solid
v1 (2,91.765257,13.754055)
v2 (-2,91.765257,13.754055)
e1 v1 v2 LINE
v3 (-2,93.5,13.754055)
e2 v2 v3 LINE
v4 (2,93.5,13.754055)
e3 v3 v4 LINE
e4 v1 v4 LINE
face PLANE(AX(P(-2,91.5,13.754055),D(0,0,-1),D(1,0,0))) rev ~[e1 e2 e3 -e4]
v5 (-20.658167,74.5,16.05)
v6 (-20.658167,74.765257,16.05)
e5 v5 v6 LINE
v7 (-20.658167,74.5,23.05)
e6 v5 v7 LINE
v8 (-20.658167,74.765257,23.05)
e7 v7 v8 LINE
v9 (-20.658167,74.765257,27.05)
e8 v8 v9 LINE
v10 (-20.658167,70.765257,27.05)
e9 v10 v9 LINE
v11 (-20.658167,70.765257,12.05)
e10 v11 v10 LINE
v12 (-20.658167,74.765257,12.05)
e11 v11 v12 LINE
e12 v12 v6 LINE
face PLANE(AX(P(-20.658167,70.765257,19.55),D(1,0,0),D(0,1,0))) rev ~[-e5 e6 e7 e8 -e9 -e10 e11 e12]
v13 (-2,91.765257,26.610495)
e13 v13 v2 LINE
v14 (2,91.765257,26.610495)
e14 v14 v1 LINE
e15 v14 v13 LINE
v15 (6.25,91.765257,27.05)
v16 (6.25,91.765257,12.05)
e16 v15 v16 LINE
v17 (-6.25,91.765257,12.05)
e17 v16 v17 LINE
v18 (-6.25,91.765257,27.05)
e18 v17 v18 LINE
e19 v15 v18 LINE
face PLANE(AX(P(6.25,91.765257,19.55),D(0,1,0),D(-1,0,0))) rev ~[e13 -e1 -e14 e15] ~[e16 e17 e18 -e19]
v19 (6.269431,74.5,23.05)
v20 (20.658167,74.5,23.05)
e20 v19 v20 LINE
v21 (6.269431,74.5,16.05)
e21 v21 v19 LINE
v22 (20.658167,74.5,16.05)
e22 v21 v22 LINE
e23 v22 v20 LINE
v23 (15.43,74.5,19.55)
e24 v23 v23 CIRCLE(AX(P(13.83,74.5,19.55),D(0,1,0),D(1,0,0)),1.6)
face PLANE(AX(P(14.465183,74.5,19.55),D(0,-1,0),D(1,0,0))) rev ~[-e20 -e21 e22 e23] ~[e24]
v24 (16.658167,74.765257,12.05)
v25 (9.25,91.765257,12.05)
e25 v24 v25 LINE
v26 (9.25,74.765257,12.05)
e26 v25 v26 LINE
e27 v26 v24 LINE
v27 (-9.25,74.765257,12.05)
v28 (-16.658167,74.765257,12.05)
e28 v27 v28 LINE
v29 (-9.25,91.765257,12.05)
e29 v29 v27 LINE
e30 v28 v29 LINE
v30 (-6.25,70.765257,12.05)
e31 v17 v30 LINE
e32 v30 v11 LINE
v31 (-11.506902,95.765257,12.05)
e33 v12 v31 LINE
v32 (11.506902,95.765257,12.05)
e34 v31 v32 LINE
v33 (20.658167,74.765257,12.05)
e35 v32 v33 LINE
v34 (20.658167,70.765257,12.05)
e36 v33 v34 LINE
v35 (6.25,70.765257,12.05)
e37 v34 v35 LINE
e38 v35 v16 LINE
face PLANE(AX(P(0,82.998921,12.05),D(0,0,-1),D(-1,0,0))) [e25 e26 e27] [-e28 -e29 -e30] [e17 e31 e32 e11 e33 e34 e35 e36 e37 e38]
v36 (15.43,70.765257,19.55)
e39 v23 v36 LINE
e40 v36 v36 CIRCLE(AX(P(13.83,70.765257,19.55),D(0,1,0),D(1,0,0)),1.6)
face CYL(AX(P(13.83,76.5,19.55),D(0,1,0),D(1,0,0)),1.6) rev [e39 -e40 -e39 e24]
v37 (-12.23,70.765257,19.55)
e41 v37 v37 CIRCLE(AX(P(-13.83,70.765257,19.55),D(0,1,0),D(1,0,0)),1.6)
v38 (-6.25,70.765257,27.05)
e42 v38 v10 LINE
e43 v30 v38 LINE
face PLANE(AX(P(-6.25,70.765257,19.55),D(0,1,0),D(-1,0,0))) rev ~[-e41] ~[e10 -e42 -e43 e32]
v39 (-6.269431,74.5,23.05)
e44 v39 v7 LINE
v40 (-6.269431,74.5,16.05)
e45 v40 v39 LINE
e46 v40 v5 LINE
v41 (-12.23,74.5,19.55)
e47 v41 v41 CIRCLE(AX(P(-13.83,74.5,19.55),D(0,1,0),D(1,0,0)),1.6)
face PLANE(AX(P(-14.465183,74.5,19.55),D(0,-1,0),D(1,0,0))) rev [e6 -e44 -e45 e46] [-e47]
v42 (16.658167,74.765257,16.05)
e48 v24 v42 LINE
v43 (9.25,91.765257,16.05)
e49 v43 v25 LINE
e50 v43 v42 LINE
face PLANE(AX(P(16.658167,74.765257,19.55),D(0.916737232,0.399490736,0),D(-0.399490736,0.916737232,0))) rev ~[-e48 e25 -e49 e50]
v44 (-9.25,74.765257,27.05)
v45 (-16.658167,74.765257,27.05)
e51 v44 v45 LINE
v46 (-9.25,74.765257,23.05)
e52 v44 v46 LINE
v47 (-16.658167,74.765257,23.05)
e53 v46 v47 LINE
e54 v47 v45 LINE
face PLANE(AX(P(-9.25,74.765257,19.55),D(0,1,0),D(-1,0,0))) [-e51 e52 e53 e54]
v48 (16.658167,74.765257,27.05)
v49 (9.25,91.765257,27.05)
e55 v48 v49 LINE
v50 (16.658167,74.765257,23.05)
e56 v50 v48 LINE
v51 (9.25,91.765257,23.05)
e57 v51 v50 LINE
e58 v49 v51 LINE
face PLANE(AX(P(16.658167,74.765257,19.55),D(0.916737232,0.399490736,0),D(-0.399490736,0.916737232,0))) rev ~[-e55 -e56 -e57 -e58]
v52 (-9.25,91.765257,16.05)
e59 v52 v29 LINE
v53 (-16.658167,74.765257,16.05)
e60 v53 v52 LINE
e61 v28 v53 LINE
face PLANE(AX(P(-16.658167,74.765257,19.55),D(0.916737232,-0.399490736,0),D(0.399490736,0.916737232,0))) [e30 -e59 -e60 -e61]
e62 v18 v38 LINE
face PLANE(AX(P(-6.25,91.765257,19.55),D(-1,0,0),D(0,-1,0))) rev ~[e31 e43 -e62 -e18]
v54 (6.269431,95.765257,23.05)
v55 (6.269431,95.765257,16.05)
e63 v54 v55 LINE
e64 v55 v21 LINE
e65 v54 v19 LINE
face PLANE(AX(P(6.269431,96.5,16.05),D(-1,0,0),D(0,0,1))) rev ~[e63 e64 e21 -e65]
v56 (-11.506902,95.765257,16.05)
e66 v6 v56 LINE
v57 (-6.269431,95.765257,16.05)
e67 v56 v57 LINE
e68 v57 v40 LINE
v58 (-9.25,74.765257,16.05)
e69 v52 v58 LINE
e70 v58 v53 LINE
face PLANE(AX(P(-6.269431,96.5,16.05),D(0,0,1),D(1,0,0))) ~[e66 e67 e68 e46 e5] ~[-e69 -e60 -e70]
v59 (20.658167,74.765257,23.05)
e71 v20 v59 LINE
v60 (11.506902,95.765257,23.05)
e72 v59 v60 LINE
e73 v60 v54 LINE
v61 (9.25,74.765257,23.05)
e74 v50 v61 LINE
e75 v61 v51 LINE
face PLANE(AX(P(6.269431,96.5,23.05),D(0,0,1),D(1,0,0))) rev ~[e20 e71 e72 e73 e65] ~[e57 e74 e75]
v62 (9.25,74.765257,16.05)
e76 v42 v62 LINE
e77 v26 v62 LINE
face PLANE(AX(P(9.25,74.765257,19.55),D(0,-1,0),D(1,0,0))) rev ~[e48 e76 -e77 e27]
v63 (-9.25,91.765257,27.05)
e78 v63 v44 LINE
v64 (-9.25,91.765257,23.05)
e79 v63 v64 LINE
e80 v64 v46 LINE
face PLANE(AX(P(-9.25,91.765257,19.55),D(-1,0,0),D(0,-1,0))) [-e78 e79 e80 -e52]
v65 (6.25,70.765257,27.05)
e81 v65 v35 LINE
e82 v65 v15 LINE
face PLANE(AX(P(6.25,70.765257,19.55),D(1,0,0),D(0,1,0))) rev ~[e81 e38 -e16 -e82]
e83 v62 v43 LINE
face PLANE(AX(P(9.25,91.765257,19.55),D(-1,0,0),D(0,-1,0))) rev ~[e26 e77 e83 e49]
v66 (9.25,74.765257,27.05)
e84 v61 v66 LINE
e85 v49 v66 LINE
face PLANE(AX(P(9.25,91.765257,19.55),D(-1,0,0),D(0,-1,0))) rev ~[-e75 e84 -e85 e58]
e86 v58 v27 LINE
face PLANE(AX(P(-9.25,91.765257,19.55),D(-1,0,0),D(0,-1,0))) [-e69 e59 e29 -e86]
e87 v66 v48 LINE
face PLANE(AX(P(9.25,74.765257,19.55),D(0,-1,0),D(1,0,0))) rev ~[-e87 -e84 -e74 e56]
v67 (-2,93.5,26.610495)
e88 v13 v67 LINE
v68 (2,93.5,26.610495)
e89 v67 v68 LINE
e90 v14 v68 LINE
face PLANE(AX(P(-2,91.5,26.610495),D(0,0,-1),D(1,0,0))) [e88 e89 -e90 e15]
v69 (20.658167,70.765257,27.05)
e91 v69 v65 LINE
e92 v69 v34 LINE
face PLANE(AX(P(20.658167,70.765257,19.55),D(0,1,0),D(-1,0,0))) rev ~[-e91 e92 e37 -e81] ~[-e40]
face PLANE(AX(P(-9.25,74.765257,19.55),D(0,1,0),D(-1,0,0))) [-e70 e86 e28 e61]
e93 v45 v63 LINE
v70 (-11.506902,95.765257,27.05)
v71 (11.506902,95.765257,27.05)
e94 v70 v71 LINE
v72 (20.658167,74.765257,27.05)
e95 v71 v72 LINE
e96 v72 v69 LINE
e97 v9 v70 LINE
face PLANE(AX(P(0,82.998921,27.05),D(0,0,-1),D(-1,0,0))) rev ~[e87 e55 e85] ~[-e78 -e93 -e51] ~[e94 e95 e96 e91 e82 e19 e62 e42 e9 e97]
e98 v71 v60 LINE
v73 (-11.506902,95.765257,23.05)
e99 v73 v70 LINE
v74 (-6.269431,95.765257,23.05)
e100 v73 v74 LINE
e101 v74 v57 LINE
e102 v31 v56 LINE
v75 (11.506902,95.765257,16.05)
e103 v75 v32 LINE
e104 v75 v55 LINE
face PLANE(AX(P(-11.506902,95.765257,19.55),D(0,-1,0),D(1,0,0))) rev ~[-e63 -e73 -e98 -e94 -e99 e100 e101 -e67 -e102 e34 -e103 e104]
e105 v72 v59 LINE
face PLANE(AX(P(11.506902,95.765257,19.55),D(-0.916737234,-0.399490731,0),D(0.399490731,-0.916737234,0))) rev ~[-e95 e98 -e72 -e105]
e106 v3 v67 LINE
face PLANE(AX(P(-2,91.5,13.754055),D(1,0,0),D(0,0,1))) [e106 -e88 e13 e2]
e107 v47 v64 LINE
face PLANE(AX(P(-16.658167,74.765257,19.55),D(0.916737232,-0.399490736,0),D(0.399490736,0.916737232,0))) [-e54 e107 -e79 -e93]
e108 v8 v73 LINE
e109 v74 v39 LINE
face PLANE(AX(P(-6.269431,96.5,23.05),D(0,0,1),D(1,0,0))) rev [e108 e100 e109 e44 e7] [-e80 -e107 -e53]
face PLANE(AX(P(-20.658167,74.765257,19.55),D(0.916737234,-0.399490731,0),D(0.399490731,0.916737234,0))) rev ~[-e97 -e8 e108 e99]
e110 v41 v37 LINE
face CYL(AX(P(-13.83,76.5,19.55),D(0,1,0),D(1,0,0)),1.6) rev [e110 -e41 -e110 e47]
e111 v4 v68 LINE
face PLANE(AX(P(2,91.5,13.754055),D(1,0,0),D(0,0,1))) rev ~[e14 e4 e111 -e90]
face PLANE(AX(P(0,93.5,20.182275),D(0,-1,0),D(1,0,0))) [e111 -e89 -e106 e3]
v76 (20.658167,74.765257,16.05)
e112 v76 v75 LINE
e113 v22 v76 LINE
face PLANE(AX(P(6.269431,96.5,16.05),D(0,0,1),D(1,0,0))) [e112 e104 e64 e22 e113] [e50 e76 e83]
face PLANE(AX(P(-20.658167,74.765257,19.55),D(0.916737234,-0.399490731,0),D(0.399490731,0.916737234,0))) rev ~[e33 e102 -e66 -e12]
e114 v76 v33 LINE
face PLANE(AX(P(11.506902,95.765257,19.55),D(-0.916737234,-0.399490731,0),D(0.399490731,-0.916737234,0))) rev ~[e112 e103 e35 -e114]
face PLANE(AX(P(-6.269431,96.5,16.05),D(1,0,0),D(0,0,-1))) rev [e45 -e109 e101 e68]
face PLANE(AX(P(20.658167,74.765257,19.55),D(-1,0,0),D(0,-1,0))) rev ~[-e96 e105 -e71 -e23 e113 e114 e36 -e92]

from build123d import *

# Parameters (mm, degrees)
PAD024_DEPTH       = 7.5
SKETCH062_W        = 16.391504
SKETCH062_H        = 7
POCKET003023_DEPTH = 22
SKETCH060_R        = 1.6
POCKET003024_DEPTH = 5.735743
SKETCH063_W        = 4
SKETCH063_H        = 12.856441
POCKET003025_DEPTH = 2


with BuildPart() as part:
    # Sketch061 → Pad024 (new body, symmetric)
    with BuildSketch(Plane.XY.offset(19.55)):
        Polygon((-11.506902, 93.265257), (11.506902, 93.265257), (20.658167, 72.265257), (20.658167, 68.265257), (6.25, 68.265257), (6.25, 89.265257), (-6.25, 89.265257), (-6.25, 68.265257), (-20.658167, 68.265257), (-20.658167, 72.265257), align=None)
        Polygon((-9.25, 72.265257), (-16.658167, 72.265257), (-9.25, 89.265257), align=None, mode=Mode.SUBTRACT)
        Polygon((9.25, 89.265257), (9.25, 72.265257), (16.658167, 72.265257), align=None, mode=Mode.SUBTRACT)
    extrude(amount=PAD024_DEPTH, both=True)

    # Sketch062 → Pocket003023 (cut)
    with BuildSketch(Plane.XZ.offset(-94)):
        with Locations((14.465183, 19.55)):
            Rectangle(SKETCH062_W, SKETCH062_H)
    pocket003023 = extrude(amount=POCKET003023_DEPTH, mode=Mode.SUBTRACT)

    # Mirrored003: Pocket003023 across Sketch062 V_Axis
    add(pocket003023.mirror(Plane(origin=(0, 94, 0), x_dir=(0, -1, 0), z_dir=(1, 0, 0))), mode=Mode.SUBTRACT)

    # Sketch060 → Pocket003024 (cut, through all)
    with BuildSketch(Plane.XZ.offset(-74)):
        with Locations((-13.83, 19.55)):
            Circle(SKETCH060_R)
        with Locations((13.83, 19.55)):
            Circle(SKETCH060_R)
    extrude(amount=POCKET003024_DEPTH, mode=Mode.SUBTRACT)

    # Sketch063 → Pocket003025 (cut)
    with BuildSketch(Plane.XZ.offset(-89)):
        with Locations((0, 20.182275)):
            Rectangle(SKETCH063_W, SKETCH063_H)
    extrude(amount=-POCKET003025_DEPTH, mode=Mode.SUBTRACT)


with BuildPart() as part_1:
    # Body012 placement: moved
    add(part.part.moved(Location((0, 2.5, 0))))


solid = part_1.part
